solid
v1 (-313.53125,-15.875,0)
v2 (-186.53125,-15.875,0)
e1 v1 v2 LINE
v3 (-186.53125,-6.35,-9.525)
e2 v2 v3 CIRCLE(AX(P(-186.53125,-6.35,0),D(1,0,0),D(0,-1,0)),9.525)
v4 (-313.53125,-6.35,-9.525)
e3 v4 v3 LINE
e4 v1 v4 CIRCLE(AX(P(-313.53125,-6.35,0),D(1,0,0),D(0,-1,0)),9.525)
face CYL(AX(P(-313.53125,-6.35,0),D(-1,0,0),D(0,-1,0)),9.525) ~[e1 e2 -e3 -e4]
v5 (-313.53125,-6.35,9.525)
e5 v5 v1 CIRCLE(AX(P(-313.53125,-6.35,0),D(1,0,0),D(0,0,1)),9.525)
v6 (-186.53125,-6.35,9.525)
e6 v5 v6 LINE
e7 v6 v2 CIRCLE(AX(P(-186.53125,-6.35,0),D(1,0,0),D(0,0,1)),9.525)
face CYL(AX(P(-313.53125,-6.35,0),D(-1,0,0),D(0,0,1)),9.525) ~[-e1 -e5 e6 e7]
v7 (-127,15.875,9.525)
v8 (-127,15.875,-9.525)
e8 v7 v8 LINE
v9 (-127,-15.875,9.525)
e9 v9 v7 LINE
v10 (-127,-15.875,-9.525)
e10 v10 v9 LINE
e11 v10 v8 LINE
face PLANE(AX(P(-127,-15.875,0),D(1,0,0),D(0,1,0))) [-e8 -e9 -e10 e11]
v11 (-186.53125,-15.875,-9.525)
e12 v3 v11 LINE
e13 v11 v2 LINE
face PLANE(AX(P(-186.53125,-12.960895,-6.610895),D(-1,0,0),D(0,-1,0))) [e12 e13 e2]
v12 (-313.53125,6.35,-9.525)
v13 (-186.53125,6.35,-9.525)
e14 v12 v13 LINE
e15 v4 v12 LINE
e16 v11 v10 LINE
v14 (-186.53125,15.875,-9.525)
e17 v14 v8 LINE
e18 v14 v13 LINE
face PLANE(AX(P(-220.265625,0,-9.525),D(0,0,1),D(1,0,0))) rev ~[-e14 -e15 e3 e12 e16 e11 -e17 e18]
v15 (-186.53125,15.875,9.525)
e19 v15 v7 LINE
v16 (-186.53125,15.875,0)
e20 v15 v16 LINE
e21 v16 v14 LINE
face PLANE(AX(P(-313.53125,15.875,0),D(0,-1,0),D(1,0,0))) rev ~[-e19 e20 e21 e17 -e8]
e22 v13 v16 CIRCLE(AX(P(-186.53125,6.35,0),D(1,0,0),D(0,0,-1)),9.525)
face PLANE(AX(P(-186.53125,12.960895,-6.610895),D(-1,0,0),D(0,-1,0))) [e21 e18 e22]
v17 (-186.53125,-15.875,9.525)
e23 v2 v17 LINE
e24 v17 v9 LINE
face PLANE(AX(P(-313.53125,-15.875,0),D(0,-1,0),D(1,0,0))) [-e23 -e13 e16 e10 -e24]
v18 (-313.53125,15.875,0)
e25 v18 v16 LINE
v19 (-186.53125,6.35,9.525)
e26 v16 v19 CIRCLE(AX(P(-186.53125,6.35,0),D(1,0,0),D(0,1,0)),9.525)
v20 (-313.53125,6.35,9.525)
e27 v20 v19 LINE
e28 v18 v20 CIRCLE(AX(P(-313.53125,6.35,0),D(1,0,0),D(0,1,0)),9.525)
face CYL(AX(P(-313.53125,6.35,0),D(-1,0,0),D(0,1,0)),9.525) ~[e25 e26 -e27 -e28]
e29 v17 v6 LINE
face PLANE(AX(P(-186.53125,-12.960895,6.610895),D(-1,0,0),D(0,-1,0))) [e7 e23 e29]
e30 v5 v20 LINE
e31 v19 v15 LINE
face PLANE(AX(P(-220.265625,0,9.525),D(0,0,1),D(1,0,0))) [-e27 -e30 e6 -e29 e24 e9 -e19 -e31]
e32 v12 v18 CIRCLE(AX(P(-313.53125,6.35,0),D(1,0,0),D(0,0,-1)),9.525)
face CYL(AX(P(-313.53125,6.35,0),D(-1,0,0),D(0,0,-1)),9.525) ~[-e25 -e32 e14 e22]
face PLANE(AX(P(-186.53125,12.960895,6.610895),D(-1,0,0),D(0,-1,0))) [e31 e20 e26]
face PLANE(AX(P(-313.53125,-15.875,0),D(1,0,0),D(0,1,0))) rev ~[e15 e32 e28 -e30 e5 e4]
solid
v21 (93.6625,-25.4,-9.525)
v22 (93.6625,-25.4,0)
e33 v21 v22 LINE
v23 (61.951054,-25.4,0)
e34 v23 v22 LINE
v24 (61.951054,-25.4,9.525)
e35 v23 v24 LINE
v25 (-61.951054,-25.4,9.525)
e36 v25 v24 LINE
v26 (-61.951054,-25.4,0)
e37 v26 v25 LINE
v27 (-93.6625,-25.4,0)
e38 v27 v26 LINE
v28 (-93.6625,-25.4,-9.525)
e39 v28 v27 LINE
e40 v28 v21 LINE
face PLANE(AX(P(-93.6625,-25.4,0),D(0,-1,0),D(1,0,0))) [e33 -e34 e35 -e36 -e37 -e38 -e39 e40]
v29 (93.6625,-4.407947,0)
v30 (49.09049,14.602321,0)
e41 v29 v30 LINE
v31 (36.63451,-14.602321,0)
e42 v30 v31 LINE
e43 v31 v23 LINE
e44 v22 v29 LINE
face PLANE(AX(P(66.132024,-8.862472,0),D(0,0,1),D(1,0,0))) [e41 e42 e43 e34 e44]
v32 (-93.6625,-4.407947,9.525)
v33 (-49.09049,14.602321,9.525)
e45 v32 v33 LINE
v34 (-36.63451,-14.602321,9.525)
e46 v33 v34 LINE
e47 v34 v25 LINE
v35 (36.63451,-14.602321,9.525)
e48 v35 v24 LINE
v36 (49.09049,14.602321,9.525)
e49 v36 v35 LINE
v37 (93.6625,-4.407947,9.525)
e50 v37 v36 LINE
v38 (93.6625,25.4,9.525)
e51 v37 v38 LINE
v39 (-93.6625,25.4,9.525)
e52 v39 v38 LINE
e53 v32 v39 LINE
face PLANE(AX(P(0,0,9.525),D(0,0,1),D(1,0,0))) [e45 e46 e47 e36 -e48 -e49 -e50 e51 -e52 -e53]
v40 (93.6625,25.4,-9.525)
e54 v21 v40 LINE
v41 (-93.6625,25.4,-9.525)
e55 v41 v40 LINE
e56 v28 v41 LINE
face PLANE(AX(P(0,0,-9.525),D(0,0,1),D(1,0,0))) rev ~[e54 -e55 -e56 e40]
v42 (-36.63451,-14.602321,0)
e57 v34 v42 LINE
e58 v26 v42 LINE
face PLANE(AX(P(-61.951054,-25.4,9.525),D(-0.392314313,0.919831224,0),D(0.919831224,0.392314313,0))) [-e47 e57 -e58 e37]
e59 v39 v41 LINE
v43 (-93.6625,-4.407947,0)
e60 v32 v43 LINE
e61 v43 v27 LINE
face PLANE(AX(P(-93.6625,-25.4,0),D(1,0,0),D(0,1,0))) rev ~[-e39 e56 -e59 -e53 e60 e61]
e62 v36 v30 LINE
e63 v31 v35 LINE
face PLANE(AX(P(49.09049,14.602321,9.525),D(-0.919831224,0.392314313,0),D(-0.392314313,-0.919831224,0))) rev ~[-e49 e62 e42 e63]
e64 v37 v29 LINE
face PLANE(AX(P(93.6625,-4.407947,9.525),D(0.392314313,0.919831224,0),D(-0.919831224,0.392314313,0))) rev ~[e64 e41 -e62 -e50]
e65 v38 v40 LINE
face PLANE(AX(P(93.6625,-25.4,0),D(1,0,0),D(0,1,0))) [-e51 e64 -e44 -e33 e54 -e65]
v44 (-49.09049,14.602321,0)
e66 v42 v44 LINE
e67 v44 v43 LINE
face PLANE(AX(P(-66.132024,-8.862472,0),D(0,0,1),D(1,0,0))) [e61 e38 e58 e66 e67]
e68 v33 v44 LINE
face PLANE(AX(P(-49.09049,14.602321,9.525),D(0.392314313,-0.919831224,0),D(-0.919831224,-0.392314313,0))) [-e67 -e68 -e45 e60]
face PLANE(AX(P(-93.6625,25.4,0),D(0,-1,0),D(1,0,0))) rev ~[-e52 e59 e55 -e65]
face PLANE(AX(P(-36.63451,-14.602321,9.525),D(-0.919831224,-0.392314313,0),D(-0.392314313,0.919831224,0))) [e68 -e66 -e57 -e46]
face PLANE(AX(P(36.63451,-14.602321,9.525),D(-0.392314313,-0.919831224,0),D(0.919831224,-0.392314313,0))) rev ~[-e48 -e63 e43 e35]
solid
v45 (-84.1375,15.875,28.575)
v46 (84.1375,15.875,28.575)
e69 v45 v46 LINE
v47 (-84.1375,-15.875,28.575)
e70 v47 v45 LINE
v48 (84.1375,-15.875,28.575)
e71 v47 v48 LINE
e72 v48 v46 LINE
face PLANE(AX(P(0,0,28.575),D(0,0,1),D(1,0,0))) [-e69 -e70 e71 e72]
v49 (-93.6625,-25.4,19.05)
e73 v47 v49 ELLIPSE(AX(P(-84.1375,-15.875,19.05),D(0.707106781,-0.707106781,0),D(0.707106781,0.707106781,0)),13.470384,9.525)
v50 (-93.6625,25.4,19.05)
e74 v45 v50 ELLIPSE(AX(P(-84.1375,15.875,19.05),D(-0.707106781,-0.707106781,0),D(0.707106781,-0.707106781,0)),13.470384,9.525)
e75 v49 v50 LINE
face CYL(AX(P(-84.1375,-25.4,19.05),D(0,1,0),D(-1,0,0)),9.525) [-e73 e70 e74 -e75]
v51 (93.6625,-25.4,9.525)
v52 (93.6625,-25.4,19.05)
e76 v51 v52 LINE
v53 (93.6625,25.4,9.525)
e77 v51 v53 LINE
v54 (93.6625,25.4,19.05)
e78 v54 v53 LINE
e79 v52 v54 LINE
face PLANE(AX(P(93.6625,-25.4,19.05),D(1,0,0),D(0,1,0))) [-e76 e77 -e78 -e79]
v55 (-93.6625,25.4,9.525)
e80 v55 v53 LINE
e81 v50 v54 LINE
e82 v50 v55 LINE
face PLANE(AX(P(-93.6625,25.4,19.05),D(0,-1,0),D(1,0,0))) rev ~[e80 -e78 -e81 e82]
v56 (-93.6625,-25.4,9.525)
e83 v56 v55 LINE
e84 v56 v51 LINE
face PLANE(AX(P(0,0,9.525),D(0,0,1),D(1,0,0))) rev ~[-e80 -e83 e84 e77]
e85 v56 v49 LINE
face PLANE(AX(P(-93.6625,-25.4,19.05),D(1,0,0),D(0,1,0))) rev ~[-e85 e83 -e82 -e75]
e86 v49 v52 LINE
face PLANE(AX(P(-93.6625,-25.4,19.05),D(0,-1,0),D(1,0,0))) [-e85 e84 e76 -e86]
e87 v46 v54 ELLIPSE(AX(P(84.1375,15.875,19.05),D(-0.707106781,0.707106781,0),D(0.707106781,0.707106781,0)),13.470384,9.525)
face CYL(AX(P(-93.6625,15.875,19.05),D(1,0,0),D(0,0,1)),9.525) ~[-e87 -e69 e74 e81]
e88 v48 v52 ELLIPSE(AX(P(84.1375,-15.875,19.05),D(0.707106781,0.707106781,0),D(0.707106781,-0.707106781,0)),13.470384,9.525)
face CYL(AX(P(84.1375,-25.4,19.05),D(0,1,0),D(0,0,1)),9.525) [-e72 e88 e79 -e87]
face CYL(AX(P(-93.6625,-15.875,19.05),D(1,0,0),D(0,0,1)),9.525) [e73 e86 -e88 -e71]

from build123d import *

# Parameters (mm, degrees)
F0_W     = 187.325
F0_H     = 50.8
F1_DEPTH = 9.525
F3_R     = 9.525
F4_W     = 186.53125
F4_H     = 31.75
F5_DEPTH = 9.525
F7_DEPTH = 127
F9_DEPTH = 9.525


with BuildPart() as f1:
    # F0 (on Top) → F1 (new body, symmetric)
    with BuildSketch(Plane.XY):
        Rectangle(F0_W, F0_H)
    extrude(amount=F1_DEPTH, both=True)


with BuildPart() as f2_1:
    # F2: copy of F1
    add(f1.part.moved(Location((0, 0, 19.05))))

    # F3
    f3_edges = [f2_1.edges().sort_by_distance(p)[0] for p in [
        (0, -25.4, 28.575),
        (93.6625, 0, 28.575),
        (0, 25.4, 28.575),
        (-93.6625, 0, 28.575),
    ]]
    fillet(f3_edges, radius=F3_R)


with BuildPart() as f5:
    # F4 (on Top) → F5 (new body, symmetric)
    with BuildSketch(Plane.XY):
        with Locations((-220.265625, 0)):
            Rectangle(F4_W, F4_H)
    extrude(amount=F5_DEPTH, both=True)

    # F6 (on face) → F7 (cut)
    with BuildSketch(Plane(origin=(-313.53125, 0, 0), x_dir=(0, -1, 0), z_dir=(-1, 0, 0))):
        with BuildLine():
            ThreePointArc((-6.35, -9.525), (-13.0851920908, -6.7351920908), (-15.875, 0))
            Line((-15.875, 0), (-15.875, -9.525))
            Line((-15.875, -9.525), (-6.35, -9.525))
        make_face()
        with BuildLine():
            ThreePointArc((-15.875, 0), (-13.0851920908, 6.7351920908), (-6.35, 9.525))
            Line((-6.35, 9.525), (-15.875, 9.525))
            Line((-15.875, 9.525), (-15.875, 0))
        make_face()
        with BuildLine():
            Line((15.875, -9.525), (15.875, 0))
            ThreePointArc((15.875, 0), (13.0851920908, -6.7351920908), (6.35, -9.525))
            Line((6.35, -9.525), (15.875, -9.525))
        make_face()
        with BuildLine():
            ThreePointArc((6.35, 9.525), (13.0851920908, 6.7351920908), (15.875, 0))
            Line((15.875, 0), (15.875, 9.525))
            Line((15.875, 9.525), (6.35, 9.525))
        make_face()
    extrude(amount=-F7_DEPTH, mode=Mode.SUBTRACT)


with BuildPart() as f1_1:
    add(f1.part)

    # F8 (on face) → F9 (cut, symmetric)
    with BuildSketch(Plane.XY.offset(9.525)):
        Polygon((-93.6625, -4.4079467915), (-93.6625, -25.4), (-61.9510543443, -25.4), (-36.6345102841, -14.6023206751), (-49.0904897159, 14.6023206751), align=None)
        Polygon((49.0904897159, 14.6023206751), (36.6345102841, -14.6023206751), (61.9510543443, -25.4), (93.6625, -25.4), (93.6625, -4.4079467915), align=None)
    extrude(amount=F9_DEPTH, both=True, mode=Mode.SUBTRACT)


solid = Compound([f2_1.part, f5.part, f1_1.part])
